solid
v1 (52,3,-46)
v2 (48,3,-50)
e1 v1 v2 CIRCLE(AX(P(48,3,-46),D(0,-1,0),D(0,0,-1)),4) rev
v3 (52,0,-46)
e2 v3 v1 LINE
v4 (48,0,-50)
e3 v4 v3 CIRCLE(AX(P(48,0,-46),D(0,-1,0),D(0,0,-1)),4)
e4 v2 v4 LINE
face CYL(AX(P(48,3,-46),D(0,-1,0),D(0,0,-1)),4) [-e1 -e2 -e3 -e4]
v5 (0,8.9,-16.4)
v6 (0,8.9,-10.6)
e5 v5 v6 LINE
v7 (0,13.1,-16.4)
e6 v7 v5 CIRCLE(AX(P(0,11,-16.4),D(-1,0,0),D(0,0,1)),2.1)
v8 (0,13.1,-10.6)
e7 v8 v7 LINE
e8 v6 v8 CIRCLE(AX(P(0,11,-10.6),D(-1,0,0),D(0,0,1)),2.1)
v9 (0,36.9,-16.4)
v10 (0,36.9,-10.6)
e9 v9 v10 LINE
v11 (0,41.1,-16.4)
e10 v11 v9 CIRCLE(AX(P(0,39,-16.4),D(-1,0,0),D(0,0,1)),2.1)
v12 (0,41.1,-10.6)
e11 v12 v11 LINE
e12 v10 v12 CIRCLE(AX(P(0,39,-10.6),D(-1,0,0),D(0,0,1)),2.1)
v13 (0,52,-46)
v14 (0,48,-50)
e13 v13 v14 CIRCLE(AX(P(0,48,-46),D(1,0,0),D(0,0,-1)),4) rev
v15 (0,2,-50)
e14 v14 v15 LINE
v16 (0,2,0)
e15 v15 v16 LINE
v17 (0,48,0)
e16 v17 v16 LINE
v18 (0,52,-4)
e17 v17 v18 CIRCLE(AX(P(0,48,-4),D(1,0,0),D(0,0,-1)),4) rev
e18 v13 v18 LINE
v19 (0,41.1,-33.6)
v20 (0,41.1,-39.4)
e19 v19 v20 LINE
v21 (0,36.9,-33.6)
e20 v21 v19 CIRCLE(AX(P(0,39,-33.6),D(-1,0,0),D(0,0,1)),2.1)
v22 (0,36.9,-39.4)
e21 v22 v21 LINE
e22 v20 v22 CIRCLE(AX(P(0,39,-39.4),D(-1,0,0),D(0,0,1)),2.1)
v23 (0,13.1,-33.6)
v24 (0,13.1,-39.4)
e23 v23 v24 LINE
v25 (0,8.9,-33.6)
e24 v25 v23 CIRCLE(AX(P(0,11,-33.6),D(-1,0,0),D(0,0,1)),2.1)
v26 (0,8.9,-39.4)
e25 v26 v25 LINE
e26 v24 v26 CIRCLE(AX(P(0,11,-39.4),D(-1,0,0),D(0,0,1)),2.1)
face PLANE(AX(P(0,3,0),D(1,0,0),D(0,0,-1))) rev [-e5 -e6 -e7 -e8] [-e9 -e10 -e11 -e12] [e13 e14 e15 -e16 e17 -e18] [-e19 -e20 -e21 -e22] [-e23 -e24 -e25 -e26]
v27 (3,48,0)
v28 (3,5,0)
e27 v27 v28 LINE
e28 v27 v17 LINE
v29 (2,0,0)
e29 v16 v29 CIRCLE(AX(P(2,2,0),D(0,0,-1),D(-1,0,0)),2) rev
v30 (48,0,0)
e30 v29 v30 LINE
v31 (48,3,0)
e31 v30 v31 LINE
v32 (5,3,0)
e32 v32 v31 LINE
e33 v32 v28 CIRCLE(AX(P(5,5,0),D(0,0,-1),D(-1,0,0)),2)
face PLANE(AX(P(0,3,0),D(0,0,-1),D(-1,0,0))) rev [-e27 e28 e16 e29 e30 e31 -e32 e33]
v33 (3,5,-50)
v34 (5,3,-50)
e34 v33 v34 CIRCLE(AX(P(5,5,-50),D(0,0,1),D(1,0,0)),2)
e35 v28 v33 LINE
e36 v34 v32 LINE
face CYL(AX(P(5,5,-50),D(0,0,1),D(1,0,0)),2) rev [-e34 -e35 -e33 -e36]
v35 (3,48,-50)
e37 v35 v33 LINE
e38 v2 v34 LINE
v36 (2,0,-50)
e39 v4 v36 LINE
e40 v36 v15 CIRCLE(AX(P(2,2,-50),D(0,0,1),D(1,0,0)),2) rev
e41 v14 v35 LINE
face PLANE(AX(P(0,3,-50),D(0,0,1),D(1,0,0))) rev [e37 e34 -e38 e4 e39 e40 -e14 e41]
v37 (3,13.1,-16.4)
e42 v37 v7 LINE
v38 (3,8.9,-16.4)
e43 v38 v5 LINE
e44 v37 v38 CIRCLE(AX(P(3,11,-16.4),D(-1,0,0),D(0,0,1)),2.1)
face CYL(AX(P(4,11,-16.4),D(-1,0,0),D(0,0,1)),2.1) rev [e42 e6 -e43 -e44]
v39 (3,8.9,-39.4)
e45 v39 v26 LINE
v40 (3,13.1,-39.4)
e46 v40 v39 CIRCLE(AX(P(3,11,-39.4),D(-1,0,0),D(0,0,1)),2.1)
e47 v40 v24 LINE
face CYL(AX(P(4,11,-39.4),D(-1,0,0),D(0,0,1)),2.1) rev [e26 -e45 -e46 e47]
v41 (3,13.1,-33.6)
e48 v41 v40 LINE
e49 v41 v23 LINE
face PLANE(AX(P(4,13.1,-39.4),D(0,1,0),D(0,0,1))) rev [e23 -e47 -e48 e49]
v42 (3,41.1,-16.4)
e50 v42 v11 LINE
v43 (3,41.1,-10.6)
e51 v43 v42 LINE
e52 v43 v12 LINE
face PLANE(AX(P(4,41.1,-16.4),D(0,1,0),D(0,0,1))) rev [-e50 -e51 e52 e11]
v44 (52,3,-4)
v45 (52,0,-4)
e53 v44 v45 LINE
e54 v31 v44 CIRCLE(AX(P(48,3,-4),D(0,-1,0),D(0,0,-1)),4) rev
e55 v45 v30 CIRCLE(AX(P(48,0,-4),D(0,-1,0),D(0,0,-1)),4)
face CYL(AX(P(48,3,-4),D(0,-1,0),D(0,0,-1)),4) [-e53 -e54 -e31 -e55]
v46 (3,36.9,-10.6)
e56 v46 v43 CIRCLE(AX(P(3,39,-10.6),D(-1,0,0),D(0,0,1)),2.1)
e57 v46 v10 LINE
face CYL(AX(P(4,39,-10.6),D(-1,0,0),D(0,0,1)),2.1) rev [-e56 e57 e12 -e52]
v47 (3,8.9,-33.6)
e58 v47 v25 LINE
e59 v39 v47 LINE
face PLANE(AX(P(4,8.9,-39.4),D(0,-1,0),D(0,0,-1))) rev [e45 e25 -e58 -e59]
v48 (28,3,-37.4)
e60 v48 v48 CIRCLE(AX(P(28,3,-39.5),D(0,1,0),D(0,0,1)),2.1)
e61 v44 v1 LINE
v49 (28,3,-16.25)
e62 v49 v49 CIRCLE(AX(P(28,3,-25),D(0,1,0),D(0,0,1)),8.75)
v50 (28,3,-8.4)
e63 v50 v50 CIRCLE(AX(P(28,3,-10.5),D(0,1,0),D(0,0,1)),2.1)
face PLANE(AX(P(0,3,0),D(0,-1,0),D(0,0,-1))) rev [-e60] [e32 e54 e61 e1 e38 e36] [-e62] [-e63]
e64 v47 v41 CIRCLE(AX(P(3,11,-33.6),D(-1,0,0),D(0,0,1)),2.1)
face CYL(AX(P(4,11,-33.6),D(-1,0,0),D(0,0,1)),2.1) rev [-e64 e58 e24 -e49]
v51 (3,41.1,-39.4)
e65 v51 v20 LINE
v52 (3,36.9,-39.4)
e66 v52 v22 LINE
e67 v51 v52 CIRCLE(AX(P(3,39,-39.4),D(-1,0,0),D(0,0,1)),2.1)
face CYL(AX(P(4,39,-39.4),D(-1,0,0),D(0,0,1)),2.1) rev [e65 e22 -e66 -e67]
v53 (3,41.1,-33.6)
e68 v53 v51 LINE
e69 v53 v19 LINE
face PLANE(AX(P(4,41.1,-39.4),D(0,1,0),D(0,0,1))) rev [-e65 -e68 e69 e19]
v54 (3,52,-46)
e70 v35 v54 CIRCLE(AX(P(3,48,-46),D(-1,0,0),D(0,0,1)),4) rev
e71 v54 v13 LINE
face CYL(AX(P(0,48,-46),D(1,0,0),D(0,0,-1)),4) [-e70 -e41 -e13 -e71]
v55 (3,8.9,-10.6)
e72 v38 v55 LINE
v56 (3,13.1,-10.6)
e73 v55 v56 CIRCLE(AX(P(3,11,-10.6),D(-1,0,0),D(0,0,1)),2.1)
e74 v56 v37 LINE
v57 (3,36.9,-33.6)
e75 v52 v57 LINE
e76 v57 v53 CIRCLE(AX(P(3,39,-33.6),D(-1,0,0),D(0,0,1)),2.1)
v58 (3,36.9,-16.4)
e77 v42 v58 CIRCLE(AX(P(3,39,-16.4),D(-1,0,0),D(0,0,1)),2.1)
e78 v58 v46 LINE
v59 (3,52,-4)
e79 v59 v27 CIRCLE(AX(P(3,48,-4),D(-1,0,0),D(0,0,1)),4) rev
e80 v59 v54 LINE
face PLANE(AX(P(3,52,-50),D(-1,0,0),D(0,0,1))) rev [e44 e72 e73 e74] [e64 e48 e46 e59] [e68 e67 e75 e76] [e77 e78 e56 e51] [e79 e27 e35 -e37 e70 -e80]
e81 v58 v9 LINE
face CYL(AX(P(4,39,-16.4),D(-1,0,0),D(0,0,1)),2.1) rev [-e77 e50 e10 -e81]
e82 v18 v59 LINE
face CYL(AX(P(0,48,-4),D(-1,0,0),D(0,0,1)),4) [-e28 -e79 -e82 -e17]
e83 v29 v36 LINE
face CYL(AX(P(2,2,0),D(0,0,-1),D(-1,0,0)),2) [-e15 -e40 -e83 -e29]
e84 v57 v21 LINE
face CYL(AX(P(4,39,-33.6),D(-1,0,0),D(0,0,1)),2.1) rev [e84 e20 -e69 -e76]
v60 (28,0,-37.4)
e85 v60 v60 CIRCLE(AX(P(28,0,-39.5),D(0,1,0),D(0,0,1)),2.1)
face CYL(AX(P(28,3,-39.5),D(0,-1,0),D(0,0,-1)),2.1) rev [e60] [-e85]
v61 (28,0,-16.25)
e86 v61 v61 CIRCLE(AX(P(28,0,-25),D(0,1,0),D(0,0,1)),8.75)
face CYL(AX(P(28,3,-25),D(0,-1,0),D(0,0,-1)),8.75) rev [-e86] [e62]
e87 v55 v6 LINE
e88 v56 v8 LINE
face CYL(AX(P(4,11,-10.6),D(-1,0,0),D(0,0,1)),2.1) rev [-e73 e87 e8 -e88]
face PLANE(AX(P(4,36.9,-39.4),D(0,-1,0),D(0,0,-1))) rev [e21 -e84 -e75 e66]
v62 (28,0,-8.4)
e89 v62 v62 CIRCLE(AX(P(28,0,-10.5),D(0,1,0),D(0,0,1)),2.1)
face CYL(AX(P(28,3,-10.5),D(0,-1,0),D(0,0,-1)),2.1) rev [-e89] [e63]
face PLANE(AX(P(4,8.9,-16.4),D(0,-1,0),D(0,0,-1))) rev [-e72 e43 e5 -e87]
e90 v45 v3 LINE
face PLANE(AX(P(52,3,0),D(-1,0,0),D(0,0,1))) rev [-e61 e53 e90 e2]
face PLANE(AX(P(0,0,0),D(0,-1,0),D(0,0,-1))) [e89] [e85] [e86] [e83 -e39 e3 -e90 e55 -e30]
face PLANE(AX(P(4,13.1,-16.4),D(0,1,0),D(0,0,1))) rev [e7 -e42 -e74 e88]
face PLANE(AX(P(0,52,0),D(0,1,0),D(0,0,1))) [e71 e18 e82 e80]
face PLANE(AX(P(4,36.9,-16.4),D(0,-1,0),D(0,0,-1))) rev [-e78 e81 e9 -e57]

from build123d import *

# Parameters (mm, degrees)
SKETCH_1_W          = 52
SKETCH_1_H          = 50
SKETCH_1_R          = 2.1
SKETCH_1_R_2        = 8.75
EXTRUDE_1_DEPTH     = 3
SKETCH_2_W          = 3
SKETCH_2_H          = 50
EXTRUDE_2_DEPTH     = 49
CUT_EXTRUDE_1_DEPTH = 4
FILLET_1_R          = 2
FILLET_2_R          = 2
FILLET_3_R          = 4
FILLET_4_R          = 4
FILLET_5_R          = 4
FILLET_6_R          = 4


with BuildPart() as part:
    # Эскиз1 → Бобышка-Вытянуть1 (new body)
    with BuildSketch(Plane(origin=(0, 0, 0), x_dir=(1, 0, 0), z_dir=(0, 1, 0))):
        with Locations((26, 25)):
            Rectangle(SKETCH_1_W, SKETCH_1_H)
        with Locations(Location((28, 39.5, 0), (0, 0, 270))):
            Circle(SKETCH_1_R, mode=Mode.SUBTRACT)
        with Locations(Location((28, 10.5, 0), (0, 0, 270))):
            Circle(SKETCH_1_R, mode=Mode.SUBTRACT)
        with Locations(Location((28, 25, 0), (0, 0, 270))):
            Circle(SKETCH_1_R_2, mode=Mode.SUBTRACT)
    extrude(amount=EXTRUDE_1_DEPTH)

    # Эскиз2 → Бобышка-Вытянуть2 (add)
    with BuildSketch(Plane(origin=(0, 3, 0), x_dir=(1, 0, 0), z_dir=(0, 1, 0))):
        with Locations((1.5, 25)):
            Rectangle(SKETCH_2_W, SKETCH_2_H)
    extrude(amount=EXTRUDE_2_DEPTH)

    # Эскиз3 → Вырез-Вытянуть1 (cut)
    with BuildSketch(Plane.ZY):
        with BuildLine():
            Line((-39.4, 13.1), (-33.6, 13.1))
            ThreePointArc((-33.6, 13.1), (-31.5, 11), (-33.6, 8.9))
            Line((-33.6, 8.9), (-39.4, 8.9))
            ThreePointArc((-39.4, 8.9), (-41.5, 11), (-39.4, 13.1))
        make_face()
        with BuildLine():
            Line((-16.4, 13.1), (-10.6, 13.1))
            ThreePointArc((-10.6, 13.1), (-8.5, 11), (-10.6, 8.9))
            Line((-10.6, 8.9), (-16.4, 8.9))
            ThreePointArc((-16.4, 8.9), (-18.5, 11), (-16.4, 13.1))
        make_face()
        with BuildLine():
            Line((-16.4, 41.1), (-10.6, 41.1))
            ThreePointArc((-10.6, 41.1), (-8.5, 39), (-10.6, 36.9))
            Line((-10.6, 36.9), (-16.4, 36.9))
            ThreePointArc((-16.4, 36.9), (-18.5, 39), (-16.4, 41.1))
        make_face()
        with BuildLine():
            Line((-39.4, 41.1), (-33.6, 41.1))
            ThreePointArc((-33.6, 41.1), (-31.5, 39), (-33.6, 36.9))
            Line((-33.6, 36.9), (-39.4, 36.9))
            ThreePointArc((-39.4, 36.9), (-41.5, 39), (-39.4, 41.1))
        make_face()
    extrude(amount=-CUT_EXTRUDE_1_DEPTH, mode=Mode.SUBTRACT)

    # Скругление1
    fillet_1_edges = [part.edges().sort_by_distance(p)[0] for p in [
        (3, 3, -25),
    ]]
    fillet(fillet_1_edges, radius=FILLET_1_R)

    # Скругление2
    fillet_2_edges = [part.edges().sort_by_distance(p)[0] for p in [
        (0, 0, -25),
    ]]
    fillet(fillet_2_edges, radius=FILLET_2_R)

    # Скругление3
    fillet_3_edges = [part.edges().sort_by_distance(p)[0] for p in [
        (1.5, 52, 0),
    ]]
    fillet(fillet_3_edges, radius=FILLET_3_R)

    # Скругление4
    fillet_4_edges = [part.edges().sort_by_distance(p)[0] for p in [
        (1.5, 52, -50),
    ]]
    fillet(fillet_4_edges, radius=FILLET_4_R)

    # Скругление5
    fillet_5_edges = [part.edges().sort_by_distance(p)[0] for p in [
        (52, 1.5, 0),
    ]]
    fillet(fillet_5_edges, radius=FILLET_5_R)

    # Скругление6
    fillet_6_edges = [part.edges().sort_by_distance(p)[0] for p in [
        (52, 1.5, -50),
    ]]
    fillet(fillet_6_edges, radius=FILLET_6_R)


solid = part.part
